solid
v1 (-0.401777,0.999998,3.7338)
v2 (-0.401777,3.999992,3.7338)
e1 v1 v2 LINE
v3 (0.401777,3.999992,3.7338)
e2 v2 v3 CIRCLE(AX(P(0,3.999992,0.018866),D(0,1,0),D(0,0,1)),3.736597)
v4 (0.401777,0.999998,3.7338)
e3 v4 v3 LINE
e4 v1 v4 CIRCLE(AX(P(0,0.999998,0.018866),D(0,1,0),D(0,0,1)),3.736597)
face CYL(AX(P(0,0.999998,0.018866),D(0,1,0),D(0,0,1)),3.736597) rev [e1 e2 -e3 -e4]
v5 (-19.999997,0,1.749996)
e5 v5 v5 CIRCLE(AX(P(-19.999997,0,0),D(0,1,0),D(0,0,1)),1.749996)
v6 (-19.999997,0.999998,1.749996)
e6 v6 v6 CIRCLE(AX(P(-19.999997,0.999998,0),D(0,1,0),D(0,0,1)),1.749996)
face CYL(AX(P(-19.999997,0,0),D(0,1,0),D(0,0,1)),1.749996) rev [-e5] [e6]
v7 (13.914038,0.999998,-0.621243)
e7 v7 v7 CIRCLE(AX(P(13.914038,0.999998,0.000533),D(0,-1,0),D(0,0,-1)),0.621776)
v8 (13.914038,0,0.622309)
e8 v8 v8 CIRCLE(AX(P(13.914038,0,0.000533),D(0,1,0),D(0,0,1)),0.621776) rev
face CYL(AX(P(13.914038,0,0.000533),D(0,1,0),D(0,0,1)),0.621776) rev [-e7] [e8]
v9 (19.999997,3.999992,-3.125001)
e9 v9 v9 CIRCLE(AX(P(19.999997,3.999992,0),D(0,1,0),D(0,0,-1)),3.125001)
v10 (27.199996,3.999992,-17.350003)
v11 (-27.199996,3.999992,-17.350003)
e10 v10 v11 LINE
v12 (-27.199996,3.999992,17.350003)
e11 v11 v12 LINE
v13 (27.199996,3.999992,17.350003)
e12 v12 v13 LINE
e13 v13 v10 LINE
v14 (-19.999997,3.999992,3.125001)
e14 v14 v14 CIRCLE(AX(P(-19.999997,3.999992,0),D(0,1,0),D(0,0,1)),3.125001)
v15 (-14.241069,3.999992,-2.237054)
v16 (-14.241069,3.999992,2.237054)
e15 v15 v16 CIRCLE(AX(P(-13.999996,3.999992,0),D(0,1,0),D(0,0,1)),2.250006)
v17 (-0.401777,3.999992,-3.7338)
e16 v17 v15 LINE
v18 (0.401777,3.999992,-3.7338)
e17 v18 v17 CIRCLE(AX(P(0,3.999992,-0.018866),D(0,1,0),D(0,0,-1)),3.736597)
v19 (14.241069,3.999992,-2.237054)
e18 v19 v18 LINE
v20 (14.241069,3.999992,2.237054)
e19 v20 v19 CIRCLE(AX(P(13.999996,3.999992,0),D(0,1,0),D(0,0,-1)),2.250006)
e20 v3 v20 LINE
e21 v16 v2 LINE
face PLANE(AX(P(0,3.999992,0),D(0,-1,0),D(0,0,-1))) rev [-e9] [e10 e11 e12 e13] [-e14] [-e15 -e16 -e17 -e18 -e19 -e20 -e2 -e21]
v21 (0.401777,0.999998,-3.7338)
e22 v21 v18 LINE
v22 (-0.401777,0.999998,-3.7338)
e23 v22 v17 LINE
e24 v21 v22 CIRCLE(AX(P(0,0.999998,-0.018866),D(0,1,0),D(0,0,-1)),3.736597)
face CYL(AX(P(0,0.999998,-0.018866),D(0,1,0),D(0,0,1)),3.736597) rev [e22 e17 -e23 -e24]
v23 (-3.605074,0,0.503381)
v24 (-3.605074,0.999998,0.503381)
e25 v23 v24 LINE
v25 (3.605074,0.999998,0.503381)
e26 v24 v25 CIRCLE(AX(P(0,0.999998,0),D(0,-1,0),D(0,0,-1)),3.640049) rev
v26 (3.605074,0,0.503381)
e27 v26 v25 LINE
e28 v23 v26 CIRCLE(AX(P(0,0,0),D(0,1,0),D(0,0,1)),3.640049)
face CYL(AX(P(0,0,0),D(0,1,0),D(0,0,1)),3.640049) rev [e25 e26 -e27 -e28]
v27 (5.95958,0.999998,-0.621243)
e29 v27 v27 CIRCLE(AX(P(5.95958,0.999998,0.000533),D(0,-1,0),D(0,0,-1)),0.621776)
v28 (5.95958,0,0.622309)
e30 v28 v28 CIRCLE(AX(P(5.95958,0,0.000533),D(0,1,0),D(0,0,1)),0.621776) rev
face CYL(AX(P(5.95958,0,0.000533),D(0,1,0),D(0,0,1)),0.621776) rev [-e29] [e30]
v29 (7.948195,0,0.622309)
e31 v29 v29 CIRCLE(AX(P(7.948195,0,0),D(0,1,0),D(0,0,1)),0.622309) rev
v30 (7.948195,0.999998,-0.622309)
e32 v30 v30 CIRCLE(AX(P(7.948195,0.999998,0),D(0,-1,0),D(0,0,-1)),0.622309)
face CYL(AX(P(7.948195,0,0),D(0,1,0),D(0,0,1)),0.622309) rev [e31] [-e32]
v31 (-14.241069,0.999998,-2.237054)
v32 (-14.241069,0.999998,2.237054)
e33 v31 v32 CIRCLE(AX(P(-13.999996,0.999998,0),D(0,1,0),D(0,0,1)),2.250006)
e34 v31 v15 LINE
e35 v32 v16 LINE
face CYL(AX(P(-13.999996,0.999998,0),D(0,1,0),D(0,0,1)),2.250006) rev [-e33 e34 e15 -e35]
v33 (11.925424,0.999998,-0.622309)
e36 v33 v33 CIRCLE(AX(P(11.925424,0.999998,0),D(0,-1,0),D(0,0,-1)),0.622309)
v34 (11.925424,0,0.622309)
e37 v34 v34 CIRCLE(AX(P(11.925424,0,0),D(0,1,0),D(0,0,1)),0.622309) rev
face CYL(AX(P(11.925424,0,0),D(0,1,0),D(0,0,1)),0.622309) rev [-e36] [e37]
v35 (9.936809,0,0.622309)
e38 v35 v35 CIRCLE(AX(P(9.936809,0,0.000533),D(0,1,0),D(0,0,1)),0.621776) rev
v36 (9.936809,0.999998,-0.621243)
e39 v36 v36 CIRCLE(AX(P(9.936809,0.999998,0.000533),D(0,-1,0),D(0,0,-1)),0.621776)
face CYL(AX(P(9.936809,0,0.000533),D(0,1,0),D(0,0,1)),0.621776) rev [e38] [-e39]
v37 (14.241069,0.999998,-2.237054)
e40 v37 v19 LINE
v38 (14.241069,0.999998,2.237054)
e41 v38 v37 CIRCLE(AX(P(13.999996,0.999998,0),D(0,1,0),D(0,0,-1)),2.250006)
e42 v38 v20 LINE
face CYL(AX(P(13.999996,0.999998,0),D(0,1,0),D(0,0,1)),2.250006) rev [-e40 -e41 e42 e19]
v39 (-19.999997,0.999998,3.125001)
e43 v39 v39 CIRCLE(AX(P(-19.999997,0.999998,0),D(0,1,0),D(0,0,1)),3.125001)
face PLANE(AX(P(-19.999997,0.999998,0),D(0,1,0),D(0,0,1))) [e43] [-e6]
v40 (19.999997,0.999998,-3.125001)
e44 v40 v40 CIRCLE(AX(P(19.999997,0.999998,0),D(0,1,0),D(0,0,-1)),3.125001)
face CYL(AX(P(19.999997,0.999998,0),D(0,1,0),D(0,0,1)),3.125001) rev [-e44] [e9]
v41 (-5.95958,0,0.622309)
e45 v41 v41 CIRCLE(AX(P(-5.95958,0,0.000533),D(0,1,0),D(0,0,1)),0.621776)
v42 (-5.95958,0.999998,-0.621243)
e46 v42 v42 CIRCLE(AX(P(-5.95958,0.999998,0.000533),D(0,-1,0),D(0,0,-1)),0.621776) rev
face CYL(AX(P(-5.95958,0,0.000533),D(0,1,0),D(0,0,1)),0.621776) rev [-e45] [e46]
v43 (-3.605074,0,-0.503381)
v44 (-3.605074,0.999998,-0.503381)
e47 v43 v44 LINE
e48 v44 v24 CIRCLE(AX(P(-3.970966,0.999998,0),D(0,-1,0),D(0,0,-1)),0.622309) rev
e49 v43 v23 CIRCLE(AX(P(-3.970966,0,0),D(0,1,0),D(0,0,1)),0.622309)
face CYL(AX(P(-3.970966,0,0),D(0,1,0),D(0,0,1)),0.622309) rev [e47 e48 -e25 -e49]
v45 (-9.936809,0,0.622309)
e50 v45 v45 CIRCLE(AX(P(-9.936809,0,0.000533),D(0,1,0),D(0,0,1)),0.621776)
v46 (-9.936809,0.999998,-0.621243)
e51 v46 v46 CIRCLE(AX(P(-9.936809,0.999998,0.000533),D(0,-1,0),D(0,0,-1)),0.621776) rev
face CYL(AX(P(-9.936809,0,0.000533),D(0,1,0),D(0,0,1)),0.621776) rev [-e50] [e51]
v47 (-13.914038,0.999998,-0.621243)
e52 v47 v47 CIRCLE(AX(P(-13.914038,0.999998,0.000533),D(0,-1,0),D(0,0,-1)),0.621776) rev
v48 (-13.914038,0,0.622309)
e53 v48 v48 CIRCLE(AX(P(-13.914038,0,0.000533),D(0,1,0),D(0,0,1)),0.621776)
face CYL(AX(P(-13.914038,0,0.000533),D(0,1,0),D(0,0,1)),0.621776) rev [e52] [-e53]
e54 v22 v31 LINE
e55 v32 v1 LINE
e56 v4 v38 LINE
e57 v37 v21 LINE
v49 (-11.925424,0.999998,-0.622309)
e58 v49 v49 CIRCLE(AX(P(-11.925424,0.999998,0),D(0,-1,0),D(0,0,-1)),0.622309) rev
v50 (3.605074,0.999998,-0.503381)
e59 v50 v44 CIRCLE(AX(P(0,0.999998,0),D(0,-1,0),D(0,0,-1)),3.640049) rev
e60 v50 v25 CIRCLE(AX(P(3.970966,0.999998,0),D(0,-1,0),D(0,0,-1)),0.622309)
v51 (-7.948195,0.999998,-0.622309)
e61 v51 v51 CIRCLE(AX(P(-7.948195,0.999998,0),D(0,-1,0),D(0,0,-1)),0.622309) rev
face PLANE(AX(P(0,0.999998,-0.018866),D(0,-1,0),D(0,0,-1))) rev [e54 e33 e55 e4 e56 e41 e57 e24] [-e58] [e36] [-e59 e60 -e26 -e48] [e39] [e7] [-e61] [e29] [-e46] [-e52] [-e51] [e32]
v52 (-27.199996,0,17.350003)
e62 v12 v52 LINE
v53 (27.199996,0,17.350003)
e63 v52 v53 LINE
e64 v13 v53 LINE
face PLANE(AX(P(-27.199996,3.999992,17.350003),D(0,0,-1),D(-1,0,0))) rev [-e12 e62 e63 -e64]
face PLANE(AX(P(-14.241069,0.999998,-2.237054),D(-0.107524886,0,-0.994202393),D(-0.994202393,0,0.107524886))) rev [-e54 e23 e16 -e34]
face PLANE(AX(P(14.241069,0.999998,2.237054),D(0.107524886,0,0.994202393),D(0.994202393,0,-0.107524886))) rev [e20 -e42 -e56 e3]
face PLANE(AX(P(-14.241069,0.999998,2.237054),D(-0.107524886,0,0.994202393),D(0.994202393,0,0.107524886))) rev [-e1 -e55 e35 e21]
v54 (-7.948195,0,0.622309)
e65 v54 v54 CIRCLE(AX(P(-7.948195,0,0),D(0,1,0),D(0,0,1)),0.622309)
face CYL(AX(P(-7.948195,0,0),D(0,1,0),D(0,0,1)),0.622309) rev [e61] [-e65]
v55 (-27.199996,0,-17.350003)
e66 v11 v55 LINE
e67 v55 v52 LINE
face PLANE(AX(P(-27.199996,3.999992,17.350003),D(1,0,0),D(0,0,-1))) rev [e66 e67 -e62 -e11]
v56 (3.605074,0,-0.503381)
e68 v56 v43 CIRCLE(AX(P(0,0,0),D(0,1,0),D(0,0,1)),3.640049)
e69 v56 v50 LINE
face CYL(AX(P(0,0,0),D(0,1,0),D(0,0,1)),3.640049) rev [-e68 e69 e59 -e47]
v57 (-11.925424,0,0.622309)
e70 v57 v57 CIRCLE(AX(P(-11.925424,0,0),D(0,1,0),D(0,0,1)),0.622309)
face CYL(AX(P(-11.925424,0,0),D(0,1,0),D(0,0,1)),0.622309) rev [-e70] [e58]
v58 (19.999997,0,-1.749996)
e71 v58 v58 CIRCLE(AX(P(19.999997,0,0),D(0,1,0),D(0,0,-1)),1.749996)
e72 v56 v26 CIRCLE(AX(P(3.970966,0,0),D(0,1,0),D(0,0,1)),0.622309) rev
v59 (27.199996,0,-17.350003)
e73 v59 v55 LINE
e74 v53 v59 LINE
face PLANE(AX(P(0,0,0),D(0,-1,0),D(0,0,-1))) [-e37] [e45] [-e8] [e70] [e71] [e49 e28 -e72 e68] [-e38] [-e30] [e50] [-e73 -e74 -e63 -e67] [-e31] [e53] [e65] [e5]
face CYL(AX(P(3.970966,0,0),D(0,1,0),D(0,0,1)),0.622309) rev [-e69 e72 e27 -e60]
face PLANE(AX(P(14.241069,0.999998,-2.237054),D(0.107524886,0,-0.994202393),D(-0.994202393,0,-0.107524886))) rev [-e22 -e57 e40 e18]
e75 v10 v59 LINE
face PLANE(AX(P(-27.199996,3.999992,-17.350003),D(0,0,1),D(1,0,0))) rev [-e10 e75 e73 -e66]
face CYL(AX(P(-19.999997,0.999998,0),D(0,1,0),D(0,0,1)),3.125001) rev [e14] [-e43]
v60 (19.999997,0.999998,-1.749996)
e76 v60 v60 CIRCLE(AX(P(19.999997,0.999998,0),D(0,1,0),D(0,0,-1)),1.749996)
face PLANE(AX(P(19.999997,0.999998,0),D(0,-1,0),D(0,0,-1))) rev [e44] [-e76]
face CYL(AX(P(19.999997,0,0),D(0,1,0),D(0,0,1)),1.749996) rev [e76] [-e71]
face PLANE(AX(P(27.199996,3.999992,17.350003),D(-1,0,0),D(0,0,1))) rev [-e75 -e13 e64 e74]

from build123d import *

# Parameters (mm, degrees)
SKETCH1_W           = 54.3999928
SKETCH1_H           = 34.7000068
BOSS_EXTRUDE1_DEPTH = 3.999992
SKETCH2_R           = 3.125000785
CUT_EXTRUDE1_DEPTH  = 2.999994
SKETCH7_R           = 1.7499965
CUT_EXTRUDE5_DEPTH  = 33.401579995
SKETCH8_R           = 0.621776252
SKETCH8_R_2         = 0.622309086
CUT_EXTRUDE6_DEPTH  = 33.509419529
CUT_EXTRUDE7_DEPTH  = 2.999994


with BuildPart() as part:
    # Sketch1 → Boss-Extrude1 (new body)
    with BuildSketch(Plane(origin=(0, 0, 0), x_dir=(1, 0, 0), z_dir=(0, 1, 0))):
        Rectangle(SKETCH1_W, SKETCH1_H)
    extrude(amount=BOSS_EXTRUDE1_DEPTH)

    # Sketch2 → Cut-Extrude1 (cut)
    with BuildSketch(Plane(origin=(0, 3.999992, 0), x_dir=(1, 0, 0), z_dir=(0, 1, 0))):
        with Locations(Location((-19.999997415, 0, 0), (0, 0, 270))):
            Circle(SKETCH2_R)
        with Locations(Location((19.999997415, 0, 0), (0, 0, 90))):
            Circle(SKETCH2_R)
    extrude(amount=-CUT_EXTRUDE1_DEPTH, mode=Mode.SUBTRACT)

    # Sketch7 → Cut-Extrude5 (cut, through all)
    with BuildSketch(Plane(origin=(0, 0.999998, 0), x_dir=(1, 0, 0), z_dir=(0, 1, 0))):
        with Locations(Location((-19.999997415, 0, 0), (0, 0, 270))):
            Circle(SKETCH7_R)
        with Locations(Location((19.999997415, 0, 0), (0, 0, 90))):
            Circle(SKETCH7_R)
    extrude(amount=-CUT_EXTRUDE5_DEPTH, mode=Mode.SUBTRACT)

    # Sketch8 → Cut-Extrude6 (cut, through all)
    with BuildSketch(Plane(origin=(0, 3.999992, 0), x_dir=(1, 0, 0), z_dir=(0, 1, 0))):
        with Locations(Location((-13.914038205, -0.000532834, 0), (0, 0, 270))):
            Circle(SKETCH8_R)
        with Locations(Location((-11.925423769, 0, 0), (0, 0, 270))):
            Circle(SKETCH8_R_2)
        with Locations(Location((-9.936809177, -0.000532834, 0), (0, 0, 270))):
            Circle(SKETCH8_R)
        with Locations(Location((-7.948194741, 0, 0), (0, 0, 270))):
            Circle(SKETCH8_R_2)
        with Locations(Location((-5.959580149, -0.000532834, 0), (0, 0, 270))):
            Circle(SKETCH8_R)
        with BuildLine():
            ThreePointArc((3.60507443, 0.503380738), (4.593274799, 0), (3.60507443, -0.503380738))
            ThreePointArc((3.60507443, -0.503380738), (0, -3.6400486), (-3.60507443, -0.503380738))
            ThreePointArc((-3.60507443, -0.503380738), (-4.593274799, 0), (-3.60507443, 0.503380738))
            ThreePointArc((-3.60507443, 0.503380738), (0, 3.6400486), (3.60507443, 0.503380738))
        make_face()
        with Locations(Location((5.959580149, -0.000532834, 0), (0, 0, 270))):
            Circle(SKETCH8_R)
        with Locations(Location((9.936809177, -0.000532834, 0), (0, 0, 270))):
            Circle(SKETCH8_R)
        with Locations(Location((7.948194741, 0, 0), (0, 0, 270))):
            Circle(SKETCH8_R_2)
        with Locations(Location((11.925423769, 0, 0), (0, 0, 270))):
            Circle(SKETCH8_R_2)
        with Locations(Location((13.914038205, -0.000532834, 0), (0, 0, 270))):
            Circle(SKETCH8_R)
    extrude(amount=-CUT_EXTRUDE6_DEPTH, mode=Mode.SUBTRACT)

    # Sketch9 → Cut-Extrude7 (cut)
    with BuildSketch(Plane(origin=(0, 3.999992, 0), x_dir=(1, 0, 0), z_dir=(0, 1, 0))):
        with BuildLine():
            Line((-14.2410688, 2.2370542), (-0.4017772, 3.7338))
            ThreePointArc((-0.4017772, 3.7338), (0, 3.755463322), (0.4017772, 3.7338))
            Line((0.4017772, 3.7338), (14.2410688, 2.2370542))
            ThreePointArc((14.2410688, 2.2370542), (16.250002136, 0), (14.2410688, -2.2370542))
            Line((14.2410688, -2.2370542), (0.4017772, -3.7338))
            ThreePointArc((0.4017772, -3.7338), (0, -3.755463322), (-0.4017772, -3.7338))
            Line((-0.4017772, -3.7338), (-14.2410688, -2.2370542))
            ThreePointArc((-14.2410688, -2.2370542), (-16.250002136, 0), (-14.2410688, 2.2370542))
        make_face()
    extrude(amount=-CUT_EXTRUDE7_DEPTH, mode=Mode.SUBTRACT)


solid = part.part
